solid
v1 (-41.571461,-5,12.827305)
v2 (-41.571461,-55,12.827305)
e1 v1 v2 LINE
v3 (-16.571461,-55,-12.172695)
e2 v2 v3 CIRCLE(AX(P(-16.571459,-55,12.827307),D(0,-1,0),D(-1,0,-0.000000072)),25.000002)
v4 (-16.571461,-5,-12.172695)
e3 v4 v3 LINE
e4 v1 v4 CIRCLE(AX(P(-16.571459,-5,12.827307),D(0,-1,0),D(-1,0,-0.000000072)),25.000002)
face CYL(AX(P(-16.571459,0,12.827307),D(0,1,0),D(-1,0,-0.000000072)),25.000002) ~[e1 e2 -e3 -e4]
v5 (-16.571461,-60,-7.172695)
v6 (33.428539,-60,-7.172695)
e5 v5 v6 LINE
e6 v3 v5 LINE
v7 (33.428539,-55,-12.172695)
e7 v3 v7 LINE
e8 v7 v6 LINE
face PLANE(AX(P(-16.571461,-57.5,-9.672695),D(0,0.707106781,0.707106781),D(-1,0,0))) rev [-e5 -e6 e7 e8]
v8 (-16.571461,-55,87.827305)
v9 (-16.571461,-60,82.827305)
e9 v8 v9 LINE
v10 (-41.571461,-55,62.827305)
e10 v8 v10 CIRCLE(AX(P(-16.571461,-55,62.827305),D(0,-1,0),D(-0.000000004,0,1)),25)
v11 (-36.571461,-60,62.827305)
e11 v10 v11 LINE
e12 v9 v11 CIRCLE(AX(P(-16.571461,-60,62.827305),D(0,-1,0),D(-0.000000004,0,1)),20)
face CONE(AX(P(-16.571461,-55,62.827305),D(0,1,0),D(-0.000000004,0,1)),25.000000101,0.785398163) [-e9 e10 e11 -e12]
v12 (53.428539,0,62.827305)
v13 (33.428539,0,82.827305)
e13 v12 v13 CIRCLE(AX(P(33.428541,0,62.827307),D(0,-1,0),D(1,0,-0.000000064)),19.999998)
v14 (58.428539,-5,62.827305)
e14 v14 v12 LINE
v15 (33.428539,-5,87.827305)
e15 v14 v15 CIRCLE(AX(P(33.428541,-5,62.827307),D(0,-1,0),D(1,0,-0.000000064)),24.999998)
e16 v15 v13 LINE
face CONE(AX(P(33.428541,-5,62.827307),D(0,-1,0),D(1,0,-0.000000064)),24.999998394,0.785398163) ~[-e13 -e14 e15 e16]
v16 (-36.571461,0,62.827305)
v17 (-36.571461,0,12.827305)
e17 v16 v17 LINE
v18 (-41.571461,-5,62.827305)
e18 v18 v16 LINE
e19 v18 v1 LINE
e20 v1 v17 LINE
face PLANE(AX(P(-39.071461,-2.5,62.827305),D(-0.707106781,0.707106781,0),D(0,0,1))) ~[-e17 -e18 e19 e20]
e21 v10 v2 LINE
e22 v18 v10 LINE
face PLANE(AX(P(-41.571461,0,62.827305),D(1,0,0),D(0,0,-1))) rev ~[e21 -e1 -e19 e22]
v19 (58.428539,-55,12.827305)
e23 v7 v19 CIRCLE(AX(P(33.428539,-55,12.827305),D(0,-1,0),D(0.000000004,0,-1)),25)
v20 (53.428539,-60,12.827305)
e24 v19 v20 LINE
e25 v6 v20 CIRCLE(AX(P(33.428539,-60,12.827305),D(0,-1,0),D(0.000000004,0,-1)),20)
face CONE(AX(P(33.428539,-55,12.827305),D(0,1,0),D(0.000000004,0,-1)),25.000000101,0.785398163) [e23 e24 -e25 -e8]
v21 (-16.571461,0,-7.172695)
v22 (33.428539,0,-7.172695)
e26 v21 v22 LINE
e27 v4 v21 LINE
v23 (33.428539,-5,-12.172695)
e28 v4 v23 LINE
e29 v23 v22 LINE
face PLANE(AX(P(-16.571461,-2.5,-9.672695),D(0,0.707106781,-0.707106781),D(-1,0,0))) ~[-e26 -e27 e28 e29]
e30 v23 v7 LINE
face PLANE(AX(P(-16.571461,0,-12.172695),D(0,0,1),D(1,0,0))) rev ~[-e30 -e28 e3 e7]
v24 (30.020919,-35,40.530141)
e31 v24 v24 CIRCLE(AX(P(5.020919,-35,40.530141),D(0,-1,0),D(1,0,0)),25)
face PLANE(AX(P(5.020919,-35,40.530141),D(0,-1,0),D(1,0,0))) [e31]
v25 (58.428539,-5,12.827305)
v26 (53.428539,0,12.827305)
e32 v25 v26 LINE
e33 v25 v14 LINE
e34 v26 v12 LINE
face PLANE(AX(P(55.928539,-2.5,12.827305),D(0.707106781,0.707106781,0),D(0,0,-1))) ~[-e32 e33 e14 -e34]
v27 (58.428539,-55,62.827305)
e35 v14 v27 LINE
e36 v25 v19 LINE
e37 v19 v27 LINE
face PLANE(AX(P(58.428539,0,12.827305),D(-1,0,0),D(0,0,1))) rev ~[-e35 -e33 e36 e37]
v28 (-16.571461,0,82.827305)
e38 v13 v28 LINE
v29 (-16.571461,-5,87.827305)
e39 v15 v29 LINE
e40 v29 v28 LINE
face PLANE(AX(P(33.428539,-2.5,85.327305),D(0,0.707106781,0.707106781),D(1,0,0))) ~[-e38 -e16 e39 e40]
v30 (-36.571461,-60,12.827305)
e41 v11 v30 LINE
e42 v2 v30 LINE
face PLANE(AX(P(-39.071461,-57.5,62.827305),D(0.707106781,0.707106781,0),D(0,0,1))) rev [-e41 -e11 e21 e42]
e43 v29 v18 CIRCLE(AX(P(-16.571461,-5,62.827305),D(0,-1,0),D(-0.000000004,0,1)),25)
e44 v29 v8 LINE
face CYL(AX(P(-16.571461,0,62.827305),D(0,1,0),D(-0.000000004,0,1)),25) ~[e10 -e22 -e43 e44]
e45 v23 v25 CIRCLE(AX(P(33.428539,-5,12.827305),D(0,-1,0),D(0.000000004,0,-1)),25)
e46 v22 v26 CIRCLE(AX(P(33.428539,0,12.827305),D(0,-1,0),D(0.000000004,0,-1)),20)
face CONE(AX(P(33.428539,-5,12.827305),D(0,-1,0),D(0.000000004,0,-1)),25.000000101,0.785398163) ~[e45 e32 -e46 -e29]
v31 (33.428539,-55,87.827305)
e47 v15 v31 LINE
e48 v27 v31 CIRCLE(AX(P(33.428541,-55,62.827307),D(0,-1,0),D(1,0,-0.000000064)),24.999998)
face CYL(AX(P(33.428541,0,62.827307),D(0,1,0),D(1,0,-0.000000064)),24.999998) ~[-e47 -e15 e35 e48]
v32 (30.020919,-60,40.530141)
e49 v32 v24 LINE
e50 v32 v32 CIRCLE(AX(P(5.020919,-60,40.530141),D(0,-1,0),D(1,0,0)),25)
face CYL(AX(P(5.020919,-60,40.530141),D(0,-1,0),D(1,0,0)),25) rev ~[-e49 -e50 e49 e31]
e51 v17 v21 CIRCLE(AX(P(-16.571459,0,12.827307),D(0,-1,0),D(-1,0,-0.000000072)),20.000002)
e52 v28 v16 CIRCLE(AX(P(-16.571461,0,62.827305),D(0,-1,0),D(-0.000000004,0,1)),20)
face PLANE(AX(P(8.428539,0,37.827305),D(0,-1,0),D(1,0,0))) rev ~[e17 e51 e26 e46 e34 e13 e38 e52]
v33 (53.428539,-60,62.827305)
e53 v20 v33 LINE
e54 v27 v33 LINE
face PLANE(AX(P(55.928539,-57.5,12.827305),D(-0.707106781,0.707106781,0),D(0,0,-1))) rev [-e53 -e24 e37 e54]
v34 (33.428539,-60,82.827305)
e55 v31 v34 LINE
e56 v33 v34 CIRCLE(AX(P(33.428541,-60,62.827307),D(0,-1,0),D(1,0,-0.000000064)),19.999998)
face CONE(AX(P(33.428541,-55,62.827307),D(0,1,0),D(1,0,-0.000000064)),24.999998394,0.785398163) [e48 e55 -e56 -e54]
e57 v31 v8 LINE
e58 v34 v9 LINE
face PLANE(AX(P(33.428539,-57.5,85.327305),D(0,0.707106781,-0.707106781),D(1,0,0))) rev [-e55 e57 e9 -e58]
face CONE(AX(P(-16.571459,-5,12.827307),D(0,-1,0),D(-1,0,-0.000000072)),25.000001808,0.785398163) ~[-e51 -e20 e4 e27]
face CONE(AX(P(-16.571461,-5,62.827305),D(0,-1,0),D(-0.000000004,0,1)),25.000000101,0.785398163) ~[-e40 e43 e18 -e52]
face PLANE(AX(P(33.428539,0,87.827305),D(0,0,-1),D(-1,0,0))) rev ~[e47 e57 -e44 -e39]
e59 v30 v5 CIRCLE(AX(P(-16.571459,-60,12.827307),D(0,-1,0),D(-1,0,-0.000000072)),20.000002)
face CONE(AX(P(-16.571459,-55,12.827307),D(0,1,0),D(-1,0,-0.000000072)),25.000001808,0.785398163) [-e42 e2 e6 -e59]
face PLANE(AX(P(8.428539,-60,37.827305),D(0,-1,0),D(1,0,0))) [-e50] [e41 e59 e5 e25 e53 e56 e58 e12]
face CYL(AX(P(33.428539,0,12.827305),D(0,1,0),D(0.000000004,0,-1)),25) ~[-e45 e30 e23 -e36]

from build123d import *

# Parameters (mm, degrees)
F1_DEPTH = 60
F2_SIZE  = 5
F3_R     = 25
F4_DEPTH = 25


with BuildPart() as f1:
    # F0 (on Front) → F1 (new body)
    with BuildSketch(Plane.XZ):
        with BuildLine():
            Line((33.428539, 87.827305), (-16.571461, 87.827305))
            ThreePointArc((-16.571461, 87.827305), (-34.24913, 80.504975), (-41.571461, 62.827305))
            Line((-41.571461, 62.827305), (-41.571461, 12.827305))
            ThreePointArc((-41.571461, 12.827305), (-34.24913, -4.850364), (-16.571461, -12.172695))
            Line((-16.571461, -12.172695), (33.428539, -12.172695))
            ThreePointArc((33.428539, -12.172695), (51.106209, -4.850364), (58.428539, 12.827305))
            Line((58.428539, 12.827305), (58.428539, 62.827305))
            ThreePointArc((58.428539, 62.827305), (51.106209, 80.504975), (33.428539, 87.827305))
        make_face()
    extrude(amount=F1_DEPTH)

    # F2
    f2_edges = [f1.edges().sort_by_distance(p)[0] for p in [
        (58.428539, -60, 37.827305),
        (51.106209, -60, 80.504975),
        (8.428539, -60, 87.827305),
        (-34.24913, -60, 80.504975),
        (-41.571461, -60, 37.827305),
        (-34.24913, -60, -4.850364),
        (8.428539, -60, -12.172695),
        (51.106209, -60, -4.850364),
        (58.428539, 0, 37.827305),
        (51.106209, 0, 80.504975),
        (8.428539, 0, 87.827305),
        (-34.24913, 0, 80.504975),
        (-41.571461, 0, 37.827305),
        (-34.24913, 0, -4.850364),
        (8.428539, 0, -12.172695),
        (51.106209, 0, -4.850364),
    ]]
    chamfer(f2_edges, length=F2_SIZE)

    # F3 (on face) → F4 (cut)
    with BuildSketch(Plane.XZ.offset(60)):
        with Locations((5.020919, 40.530141)):
            Circle(F3_R)
    extrude(amount=-F4_DEPTH, mode=Mode.SUBTRACT)


solid = f1.part
